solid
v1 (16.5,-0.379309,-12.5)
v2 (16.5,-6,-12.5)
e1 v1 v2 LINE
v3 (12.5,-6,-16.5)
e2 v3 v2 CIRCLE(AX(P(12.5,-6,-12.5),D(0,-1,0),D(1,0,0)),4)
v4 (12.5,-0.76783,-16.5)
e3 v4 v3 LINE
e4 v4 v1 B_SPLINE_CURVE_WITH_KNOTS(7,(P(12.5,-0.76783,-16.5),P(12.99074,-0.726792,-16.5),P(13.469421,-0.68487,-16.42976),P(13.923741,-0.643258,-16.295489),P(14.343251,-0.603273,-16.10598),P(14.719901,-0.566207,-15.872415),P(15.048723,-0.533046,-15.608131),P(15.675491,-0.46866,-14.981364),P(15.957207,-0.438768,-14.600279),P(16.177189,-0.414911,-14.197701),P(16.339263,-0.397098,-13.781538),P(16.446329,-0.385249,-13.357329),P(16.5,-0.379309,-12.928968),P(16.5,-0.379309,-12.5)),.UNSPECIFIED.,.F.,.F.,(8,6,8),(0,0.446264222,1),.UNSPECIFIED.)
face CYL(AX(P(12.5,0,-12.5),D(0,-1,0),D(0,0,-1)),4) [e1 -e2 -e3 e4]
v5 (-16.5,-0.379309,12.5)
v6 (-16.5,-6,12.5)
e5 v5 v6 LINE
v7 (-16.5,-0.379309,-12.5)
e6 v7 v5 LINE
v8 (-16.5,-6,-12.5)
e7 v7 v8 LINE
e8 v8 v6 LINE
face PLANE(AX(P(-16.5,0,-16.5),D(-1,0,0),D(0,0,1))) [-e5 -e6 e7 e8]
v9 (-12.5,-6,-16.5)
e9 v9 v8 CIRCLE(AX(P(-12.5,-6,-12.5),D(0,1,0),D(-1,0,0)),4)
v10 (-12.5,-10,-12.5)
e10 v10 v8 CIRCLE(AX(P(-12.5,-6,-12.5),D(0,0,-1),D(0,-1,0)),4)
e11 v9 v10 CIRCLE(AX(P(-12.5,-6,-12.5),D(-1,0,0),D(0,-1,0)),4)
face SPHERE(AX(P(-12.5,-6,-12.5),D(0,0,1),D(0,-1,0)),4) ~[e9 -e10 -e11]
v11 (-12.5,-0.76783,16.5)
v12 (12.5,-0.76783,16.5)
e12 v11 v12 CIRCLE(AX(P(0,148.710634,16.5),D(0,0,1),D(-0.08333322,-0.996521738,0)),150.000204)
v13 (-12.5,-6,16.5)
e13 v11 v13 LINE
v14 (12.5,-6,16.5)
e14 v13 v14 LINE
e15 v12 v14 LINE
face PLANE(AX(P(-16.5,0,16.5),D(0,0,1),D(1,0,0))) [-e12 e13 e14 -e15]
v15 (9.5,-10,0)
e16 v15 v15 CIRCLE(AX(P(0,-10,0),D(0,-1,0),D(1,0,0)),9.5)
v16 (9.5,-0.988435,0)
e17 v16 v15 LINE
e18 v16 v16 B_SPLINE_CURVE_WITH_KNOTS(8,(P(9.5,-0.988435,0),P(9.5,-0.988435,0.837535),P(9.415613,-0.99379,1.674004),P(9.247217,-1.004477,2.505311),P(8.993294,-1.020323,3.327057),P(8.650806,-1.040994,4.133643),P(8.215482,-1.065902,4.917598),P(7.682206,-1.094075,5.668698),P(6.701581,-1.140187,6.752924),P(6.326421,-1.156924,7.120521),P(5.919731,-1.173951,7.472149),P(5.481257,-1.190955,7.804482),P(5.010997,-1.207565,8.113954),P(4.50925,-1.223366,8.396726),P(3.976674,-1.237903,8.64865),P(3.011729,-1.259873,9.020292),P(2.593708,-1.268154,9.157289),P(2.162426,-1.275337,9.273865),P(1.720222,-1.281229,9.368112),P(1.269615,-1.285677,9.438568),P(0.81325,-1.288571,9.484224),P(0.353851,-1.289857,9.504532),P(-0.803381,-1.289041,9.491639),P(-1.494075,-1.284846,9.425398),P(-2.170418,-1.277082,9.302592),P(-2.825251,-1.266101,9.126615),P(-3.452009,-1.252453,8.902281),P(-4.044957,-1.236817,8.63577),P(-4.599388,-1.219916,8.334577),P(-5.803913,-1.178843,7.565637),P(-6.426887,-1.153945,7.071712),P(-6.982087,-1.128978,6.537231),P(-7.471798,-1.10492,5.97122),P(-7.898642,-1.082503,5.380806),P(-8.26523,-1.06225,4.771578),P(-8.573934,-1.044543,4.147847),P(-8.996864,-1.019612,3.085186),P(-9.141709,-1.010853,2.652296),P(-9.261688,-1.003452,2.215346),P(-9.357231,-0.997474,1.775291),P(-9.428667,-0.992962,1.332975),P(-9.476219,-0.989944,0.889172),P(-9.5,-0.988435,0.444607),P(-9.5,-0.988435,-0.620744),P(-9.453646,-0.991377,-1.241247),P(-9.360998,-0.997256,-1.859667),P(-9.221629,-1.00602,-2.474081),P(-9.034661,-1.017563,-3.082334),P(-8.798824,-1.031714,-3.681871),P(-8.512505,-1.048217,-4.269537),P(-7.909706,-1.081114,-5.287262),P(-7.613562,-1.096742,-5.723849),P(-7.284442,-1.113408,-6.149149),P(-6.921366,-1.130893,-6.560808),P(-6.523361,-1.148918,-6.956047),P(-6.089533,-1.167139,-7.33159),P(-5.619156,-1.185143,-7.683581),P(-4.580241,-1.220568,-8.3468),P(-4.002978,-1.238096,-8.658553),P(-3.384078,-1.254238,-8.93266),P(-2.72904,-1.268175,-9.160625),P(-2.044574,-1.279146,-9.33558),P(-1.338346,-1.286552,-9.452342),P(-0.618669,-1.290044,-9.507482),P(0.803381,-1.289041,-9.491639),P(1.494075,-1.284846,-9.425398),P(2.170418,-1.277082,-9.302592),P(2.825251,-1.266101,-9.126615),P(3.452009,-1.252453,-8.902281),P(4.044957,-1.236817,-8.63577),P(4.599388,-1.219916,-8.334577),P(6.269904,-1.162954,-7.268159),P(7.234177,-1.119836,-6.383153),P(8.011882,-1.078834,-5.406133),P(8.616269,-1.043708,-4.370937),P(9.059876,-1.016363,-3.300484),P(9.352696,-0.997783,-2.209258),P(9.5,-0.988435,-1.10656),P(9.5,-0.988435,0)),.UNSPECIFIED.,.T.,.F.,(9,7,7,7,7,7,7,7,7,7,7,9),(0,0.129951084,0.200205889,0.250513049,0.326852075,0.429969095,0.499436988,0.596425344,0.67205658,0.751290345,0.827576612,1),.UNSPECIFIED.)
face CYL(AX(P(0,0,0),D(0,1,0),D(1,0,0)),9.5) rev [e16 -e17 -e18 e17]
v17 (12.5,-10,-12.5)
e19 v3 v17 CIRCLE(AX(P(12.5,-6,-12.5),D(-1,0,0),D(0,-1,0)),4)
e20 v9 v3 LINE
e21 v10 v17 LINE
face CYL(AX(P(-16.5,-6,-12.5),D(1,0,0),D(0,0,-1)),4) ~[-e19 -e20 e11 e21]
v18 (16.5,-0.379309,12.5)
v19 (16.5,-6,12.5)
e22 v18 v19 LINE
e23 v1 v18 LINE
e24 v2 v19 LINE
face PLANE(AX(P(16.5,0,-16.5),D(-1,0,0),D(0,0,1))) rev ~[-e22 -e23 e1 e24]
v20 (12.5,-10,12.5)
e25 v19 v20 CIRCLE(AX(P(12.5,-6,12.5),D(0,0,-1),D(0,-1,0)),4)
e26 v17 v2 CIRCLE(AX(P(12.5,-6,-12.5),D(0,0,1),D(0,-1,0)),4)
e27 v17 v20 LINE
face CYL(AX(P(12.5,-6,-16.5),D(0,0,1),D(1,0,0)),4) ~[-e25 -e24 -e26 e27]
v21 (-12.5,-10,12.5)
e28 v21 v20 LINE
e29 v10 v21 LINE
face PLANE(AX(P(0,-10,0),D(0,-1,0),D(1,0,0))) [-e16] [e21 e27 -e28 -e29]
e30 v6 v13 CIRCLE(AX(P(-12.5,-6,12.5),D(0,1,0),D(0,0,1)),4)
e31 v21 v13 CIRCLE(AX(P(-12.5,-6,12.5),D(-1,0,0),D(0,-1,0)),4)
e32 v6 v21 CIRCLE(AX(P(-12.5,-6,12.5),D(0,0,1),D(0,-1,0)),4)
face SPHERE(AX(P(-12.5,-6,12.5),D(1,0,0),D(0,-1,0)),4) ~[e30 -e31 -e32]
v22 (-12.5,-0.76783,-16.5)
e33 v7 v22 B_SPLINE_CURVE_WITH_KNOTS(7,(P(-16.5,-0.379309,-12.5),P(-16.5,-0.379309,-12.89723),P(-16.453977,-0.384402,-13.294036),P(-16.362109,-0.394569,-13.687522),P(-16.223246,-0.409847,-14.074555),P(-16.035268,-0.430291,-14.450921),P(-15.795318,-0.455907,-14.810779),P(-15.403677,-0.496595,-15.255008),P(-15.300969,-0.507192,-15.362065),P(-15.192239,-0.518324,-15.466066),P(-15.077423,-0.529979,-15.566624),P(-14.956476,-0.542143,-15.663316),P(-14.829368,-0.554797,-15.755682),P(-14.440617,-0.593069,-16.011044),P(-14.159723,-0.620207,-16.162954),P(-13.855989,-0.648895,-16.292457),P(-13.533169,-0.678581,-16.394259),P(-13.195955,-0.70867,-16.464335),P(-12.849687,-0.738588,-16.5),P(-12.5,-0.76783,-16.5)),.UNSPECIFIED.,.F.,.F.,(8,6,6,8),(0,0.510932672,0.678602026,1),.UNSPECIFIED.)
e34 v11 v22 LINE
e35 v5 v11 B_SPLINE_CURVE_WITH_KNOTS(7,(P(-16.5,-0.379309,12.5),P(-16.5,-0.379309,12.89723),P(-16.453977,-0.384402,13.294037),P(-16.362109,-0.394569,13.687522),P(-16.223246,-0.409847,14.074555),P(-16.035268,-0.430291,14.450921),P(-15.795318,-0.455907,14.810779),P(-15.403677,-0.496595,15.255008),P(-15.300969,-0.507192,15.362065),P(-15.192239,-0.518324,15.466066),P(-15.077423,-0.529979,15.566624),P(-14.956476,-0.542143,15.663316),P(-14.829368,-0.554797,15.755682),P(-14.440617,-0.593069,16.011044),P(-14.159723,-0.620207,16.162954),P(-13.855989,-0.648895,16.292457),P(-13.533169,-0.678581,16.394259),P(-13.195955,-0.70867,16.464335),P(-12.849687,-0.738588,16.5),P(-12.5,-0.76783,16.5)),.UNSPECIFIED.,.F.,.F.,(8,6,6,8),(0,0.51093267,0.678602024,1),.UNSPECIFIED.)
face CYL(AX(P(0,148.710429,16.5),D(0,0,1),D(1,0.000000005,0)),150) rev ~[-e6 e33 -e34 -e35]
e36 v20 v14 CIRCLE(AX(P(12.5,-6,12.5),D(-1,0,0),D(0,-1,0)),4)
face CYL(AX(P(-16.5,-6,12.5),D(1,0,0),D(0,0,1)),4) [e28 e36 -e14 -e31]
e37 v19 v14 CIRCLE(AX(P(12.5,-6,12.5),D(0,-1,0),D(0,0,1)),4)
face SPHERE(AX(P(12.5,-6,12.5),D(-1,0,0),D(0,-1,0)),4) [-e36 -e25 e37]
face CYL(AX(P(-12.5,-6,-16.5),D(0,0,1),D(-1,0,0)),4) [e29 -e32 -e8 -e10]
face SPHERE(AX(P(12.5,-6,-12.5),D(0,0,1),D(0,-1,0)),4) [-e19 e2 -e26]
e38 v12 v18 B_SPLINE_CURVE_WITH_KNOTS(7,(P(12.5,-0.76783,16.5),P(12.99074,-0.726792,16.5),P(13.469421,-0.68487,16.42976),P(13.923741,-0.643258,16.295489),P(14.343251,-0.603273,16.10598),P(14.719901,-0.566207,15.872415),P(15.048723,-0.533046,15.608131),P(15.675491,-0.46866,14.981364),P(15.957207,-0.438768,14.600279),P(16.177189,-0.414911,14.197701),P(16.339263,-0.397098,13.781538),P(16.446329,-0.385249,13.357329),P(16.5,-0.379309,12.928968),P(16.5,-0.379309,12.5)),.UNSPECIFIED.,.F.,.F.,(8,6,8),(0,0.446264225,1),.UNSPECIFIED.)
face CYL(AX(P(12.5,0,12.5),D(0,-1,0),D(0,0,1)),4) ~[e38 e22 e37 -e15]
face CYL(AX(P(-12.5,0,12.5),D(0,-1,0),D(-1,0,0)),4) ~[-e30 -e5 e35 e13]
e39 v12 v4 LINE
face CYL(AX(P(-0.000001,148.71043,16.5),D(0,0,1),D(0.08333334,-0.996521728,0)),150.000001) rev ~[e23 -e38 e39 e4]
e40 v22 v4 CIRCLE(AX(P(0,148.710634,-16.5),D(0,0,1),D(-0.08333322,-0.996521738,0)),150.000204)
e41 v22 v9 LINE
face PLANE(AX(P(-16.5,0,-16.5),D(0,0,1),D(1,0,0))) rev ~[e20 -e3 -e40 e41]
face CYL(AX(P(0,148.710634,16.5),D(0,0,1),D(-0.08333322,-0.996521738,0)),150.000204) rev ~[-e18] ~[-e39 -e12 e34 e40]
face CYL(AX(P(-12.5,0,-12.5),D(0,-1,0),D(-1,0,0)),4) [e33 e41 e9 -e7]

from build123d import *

# Parameters (mm, degrees)
F0_W     = 33
F0_H     = 33
F0_R     = 9.5
F1_DEPTH = 10
F2_R     = 4
F4_DEPTH = 500


with BuildPart() as f1:
    # F0 (on Front) → F1 (new body)
    with BuildSketch(Plane.XZ):
        Rectangle(F0_W, F0_H)
        Circle(F0_R, mode=Mode.SUBTRACT)
    extrude(amount=F1_DEPTH)

    # F2
    f2_edges = [f1.edges().sort_by_distance(p)[0] for p in [
        (0, -10, 16.5),
        (16.5, -10, 0),
        (-16.5, -10, 0),
        (0, -10, -16.5),
        (-16.5, -5, 16.5),
        (16.5, -5, 16.5),
        (16.5, -5, -16.5),
        (-16.5, -5, -16.5),
    ]]
    fillet(f2_edges, radius=F2_R)

    # F3 (on face) → F4 (cut)
    with BuildSketch(Plane.XY.offset(16.5)):
        with BuildLine():
            Line((-12.5, 0), (-12.5, -0.76783))
            ThreePointArc((-12.5, -0.76783), (0, -1.28957), (12.5, -0.76783))
            Line((12.5, -0.76783), (12.5, 0))
            Line((12.5, 0), (-12.5, 0))
        make_face()
        with BuildLine():
            ThreePointArc((12.5, -0.76783), (110.397011, 47.15995), (150, 148.71043))
            ThreePointArc((150, 148.71043), (-101.55048, 259.10744), (-12.5, -0.76783))
            Line((-12.5, -0.76783), (-12.5, 0))
            Line((-12.5, 0), (12.5, 0))
            Line((12.5, 0), (12.5, -0.76783))
        make_face()
    extrude(amount=-F4_DEPTH, mode=Mode.SUBTRACT)


solid = f1.part
